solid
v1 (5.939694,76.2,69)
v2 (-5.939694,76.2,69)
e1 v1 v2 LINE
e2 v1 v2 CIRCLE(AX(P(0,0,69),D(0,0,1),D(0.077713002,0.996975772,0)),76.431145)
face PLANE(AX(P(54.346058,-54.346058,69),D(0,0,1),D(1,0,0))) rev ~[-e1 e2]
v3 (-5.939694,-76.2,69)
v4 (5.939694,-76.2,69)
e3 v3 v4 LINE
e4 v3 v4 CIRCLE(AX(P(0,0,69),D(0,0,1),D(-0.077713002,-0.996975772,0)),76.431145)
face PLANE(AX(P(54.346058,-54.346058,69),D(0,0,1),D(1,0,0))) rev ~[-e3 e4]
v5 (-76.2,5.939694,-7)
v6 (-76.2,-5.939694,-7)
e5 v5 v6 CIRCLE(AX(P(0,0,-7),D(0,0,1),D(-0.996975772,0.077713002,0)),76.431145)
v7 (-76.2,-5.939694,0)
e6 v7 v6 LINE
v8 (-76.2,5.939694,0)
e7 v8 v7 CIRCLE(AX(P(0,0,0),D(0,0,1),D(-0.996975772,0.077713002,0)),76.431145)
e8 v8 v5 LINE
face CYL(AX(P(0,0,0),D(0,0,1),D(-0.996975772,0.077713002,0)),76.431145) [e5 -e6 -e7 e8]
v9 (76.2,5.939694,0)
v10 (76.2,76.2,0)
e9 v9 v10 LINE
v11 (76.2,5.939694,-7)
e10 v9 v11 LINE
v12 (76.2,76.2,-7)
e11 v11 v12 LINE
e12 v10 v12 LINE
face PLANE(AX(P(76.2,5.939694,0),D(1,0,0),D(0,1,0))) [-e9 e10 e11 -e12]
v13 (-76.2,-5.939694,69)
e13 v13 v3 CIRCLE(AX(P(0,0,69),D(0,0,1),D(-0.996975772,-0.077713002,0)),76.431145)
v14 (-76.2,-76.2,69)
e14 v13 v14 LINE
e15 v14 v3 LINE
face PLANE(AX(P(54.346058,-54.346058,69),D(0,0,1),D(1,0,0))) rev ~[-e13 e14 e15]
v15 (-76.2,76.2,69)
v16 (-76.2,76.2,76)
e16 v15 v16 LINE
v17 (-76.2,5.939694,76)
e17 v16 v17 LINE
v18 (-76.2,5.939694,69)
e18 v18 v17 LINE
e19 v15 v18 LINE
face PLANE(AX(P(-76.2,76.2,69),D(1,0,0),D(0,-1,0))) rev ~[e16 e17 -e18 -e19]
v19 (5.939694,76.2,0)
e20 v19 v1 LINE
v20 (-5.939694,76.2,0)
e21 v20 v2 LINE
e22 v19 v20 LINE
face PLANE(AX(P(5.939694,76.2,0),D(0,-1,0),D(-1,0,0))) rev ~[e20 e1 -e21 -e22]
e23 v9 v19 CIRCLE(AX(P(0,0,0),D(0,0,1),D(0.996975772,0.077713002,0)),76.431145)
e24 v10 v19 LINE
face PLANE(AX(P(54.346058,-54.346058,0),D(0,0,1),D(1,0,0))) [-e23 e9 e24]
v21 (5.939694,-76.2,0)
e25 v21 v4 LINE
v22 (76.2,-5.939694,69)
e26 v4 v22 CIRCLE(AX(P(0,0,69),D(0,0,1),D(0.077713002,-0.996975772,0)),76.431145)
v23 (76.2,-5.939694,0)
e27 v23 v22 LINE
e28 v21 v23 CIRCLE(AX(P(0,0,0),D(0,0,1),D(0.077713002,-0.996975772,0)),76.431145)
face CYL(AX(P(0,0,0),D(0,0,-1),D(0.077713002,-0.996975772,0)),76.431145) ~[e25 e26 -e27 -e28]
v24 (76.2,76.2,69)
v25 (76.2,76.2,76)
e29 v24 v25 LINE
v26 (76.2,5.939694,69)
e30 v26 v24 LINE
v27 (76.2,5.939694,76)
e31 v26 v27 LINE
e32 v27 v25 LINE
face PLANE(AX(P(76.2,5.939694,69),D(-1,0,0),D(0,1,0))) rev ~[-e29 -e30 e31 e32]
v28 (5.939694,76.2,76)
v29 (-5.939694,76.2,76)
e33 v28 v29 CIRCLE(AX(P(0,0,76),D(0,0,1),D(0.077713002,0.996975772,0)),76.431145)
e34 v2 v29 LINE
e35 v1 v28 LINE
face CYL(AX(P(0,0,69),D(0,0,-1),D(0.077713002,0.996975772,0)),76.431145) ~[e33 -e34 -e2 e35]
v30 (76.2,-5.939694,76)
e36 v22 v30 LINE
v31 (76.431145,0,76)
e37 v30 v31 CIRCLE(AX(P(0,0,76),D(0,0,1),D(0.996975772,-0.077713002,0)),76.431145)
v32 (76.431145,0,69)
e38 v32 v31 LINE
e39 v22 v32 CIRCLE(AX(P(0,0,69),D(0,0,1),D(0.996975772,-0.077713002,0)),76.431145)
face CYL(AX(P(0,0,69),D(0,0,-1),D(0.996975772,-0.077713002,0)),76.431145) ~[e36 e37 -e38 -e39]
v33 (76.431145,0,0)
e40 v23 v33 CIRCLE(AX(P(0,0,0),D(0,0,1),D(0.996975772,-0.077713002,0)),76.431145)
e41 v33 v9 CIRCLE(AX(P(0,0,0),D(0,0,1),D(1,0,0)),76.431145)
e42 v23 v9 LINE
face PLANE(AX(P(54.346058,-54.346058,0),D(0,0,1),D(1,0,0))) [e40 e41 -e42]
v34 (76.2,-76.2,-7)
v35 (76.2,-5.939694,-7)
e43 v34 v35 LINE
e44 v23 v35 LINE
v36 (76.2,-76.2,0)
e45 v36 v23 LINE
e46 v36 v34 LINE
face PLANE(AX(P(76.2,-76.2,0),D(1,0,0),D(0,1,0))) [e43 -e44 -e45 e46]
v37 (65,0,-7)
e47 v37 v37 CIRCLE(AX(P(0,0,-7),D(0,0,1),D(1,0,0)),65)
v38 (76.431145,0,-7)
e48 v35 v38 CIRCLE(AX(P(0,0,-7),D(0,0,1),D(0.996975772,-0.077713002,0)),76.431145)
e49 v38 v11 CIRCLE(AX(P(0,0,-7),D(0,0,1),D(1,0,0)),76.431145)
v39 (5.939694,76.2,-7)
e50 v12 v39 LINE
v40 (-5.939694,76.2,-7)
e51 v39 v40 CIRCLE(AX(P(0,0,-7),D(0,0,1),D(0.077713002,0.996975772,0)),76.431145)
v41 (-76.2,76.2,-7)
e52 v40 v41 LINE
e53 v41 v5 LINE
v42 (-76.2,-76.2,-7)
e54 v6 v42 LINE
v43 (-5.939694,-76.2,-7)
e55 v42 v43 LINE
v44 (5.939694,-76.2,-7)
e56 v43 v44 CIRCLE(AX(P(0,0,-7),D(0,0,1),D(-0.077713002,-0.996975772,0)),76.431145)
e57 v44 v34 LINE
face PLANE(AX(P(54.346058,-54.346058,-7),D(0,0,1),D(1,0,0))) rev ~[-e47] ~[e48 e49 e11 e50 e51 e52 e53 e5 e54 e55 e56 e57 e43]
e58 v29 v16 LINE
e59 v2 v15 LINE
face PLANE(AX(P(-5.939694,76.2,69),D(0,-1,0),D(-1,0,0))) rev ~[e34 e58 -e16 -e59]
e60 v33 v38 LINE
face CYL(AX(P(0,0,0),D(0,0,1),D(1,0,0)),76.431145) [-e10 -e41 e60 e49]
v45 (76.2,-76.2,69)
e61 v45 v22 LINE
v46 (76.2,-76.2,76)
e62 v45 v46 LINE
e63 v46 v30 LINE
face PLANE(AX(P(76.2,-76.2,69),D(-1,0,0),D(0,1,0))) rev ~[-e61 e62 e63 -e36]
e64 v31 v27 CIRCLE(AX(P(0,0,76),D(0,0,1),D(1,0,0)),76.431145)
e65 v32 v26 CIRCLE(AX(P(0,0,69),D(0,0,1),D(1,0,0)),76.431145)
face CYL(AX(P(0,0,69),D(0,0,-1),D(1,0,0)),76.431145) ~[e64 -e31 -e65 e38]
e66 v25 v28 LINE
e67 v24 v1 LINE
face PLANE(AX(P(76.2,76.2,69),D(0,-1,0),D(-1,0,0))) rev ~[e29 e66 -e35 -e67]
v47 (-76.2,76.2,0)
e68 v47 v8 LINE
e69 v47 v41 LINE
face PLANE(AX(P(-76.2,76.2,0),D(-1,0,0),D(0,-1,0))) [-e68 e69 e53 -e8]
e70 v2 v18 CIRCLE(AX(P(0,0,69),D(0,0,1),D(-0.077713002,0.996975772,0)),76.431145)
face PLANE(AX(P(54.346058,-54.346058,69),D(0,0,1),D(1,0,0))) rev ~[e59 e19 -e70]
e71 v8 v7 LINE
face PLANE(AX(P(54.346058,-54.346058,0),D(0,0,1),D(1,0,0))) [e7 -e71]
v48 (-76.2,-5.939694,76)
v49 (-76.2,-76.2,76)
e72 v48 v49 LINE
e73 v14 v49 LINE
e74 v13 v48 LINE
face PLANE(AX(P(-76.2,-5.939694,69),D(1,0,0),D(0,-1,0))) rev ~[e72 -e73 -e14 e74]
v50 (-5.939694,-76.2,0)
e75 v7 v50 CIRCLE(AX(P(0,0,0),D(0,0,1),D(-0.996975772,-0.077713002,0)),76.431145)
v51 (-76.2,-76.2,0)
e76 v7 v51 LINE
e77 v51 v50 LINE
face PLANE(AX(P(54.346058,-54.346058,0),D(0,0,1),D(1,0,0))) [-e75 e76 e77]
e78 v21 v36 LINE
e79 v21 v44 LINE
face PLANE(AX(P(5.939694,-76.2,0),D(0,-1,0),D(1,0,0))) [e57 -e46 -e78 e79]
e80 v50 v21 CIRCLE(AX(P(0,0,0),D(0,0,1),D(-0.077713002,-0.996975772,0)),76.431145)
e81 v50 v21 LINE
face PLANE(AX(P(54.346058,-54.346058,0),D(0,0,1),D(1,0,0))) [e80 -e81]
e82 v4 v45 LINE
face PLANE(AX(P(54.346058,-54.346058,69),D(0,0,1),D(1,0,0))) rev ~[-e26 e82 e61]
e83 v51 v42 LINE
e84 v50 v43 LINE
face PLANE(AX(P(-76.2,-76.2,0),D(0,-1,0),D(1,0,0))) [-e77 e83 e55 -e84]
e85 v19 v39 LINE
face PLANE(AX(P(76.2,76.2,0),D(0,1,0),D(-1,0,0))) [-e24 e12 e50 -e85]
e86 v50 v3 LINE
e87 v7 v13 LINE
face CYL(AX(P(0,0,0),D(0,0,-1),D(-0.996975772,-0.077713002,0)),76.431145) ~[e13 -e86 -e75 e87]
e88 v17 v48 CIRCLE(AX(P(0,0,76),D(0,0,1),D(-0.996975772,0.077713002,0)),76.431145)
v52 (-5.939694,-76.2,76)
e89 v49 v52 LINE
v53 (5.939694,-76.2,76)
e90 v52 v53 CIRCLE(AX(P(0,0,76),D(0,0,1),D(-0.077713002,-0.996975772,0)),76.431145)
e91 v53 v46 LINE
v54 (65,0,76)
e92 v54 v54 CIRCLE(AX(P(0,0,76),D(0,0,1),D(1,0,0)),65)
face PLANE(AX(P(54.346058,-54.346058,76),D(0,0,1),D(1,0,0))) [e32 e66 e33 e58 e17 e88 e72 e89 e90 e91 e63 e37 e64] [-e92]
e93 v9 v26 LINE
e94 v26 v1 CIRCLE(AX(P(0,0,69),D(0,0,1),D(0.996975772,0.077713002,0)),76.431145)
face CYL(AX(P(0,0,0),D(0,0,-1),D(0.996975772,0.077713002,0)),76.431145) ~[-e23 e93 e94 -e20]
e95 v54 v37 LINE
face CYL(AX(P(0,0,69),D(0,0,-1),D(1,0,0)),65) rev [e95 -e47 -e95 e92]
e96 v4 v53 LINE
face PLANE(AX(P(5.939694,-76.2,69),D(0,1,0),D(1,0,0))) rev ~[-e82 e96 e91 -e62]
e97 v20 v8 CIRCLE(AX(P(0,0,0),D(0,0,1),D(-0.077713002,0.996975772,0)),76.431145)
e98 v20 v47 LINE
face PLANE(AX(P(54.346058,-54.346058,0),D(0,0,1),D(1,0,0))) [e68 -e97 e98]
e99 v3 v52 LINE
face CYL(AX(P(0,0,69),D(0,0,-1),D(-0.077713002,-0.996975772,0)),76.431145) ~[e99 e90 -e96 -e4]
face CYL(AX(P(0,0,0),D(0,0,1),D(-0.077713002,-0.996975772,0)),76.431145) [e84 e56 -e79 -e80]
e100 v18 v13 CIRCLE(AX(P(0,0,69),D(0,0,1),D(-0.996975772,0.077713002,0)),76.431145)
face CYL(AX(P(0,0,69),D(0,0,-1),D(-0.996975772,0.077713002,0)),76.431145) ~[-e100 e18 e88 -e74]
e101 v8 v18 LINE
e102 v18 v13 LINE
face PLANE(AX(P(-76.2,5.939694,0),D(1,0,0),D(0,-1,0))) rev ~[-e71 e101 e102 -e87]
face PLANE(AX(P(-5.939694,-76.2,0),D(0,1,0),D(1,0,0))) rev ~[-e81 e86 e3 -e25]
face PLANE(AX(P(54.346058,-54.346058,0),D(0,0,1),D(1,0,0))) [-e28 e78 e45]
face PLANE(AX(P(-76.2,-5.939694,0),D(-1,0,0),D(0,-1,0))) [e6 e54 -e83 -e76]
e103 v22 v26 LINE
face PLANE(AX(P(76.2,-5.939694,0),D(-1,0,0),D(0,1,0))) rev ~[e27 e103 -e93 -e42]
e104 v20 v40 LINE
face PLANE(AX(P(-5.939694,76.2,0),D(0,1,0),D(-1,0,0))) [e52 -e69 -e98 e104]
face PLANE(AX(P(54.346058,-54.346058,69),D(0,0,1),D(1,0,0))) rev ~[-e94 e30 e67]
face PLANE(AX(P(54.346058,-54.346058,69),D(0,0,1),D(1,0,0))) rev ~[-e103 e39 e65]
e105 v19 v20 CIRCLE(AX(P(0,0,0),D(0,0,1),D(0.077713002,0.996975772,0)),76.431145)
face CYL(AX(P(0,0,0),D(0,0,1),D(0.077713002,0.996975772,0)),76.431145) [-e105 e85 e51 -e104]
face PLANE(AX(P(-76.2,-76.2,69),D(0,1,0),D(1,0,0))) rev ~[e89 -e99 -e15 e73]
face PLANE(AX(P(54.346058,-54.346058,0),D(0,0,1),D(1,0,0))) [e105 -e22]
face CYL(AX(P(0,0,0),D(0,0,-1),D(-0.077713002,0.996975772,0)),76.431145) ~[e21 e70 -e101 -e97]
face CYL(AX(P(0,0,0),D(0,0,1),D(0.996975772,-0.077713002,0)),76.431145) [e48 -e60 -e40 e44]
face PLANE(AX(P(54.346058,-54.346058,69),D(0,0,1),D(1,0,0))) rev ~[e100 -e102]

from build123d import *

# Parameters (mm, degrees)
F0_R     = 65
F1_DEPTH = 69
F2_DEPTH = 7
F3_R     = 65
F4_DEPTH = 7


with BuildPart() as f1:
    # F0 (on Top) → F1 (new body)
    with BuildSketch(Plane.XY):
        with BuildLine():
            Line((-5.939693756, -76.2), (5.939693756, -76.2))
            ThreePointArc((5.939693756, -76.2), (54.0449810894, -54.0449810894), (76.2, -5.939693756))
            Line((76.2, -5.939693756), (76.2, 5.939693756))
            ThreePointArc((76.2, 5.939693756), (54.0449810894, 54.0449810894), (5.939693756, 76.2))
            Line((5.939693756, 76.2), (-5.939693756, 76.2))
            ThreePointArc((-5.939693756, 76.2), (-54.0449810894, 54.0449810894), (-76.2, 5.939693756))
            Line((-76.2, 5.939693756), (-76.2, -5.939693756))
            ThreePointArc((-76.2, -5.939693756), (-54.0449810894, -54.0449810894), (-5.939693756, -76.2))
        make_face()
        Circle(F0_R, mode=Mode.SUBTRACT)
    extrude(amount=F1_DEPTH)

    # F0 (on Top) → F2 (join)
    with BuildSketch(Plane.XY):
        with BuildLine():
            Line((5.939693756, -76.2), (76.2, -76.2))
            Line((76.2, -76.2), (76.2, -5.939693756))
            ThreePointArc((76.2, -5.939693756), (54.0449810894, -54.0449810894), (5.939693756, -76.2))
        make_face()
        with BuildLine():
            ThreePointArc((-5.939693756, -76.2), (0, -76.4311452349), (5.939693756, -76.2))
            Line((5.939693756, -76.2), (-5.939693756, -76.2))
        make_face()
        with BuildLine():
            Line((-5.939693756, -76.2), (5.939693756, -76.2))
            ThreePointArc((5.939693756, -76.2), (54.0449810894, -54.0449810894), (76.2, -5.939693756))
            Line((76.2, -5.939693756), (76.2, 5.939693756))
            ThreePointArc((76.2, 5.939693756), (54.0449810894, 54.0449810894), (5.939693756, 76.2))
            Line((5.939693756, 76.2), (-5.939693756, 76.2))
            ThreePointArc((-5.939693756, 76.2), (-54.0449810894, 54.0449810894), (-76.2, 5.939693756))
            Line((-76.2, 5.939693756), (-76.2, -5.939693756))
            ThreePointArc((-76.2, -5.939693756), (-54.0449810894, -54.0449810894), (-5.939693756, -76.2))
        make_face()
        Circle(F0_R, mode=Mode.SUBTRACT)
        with BuildLine():
            Line((76.2, 5.939693756), (76.2, -5.939693756))
            ThreePointArc((76.2, -5.939693756), (76.3733370648, -2.9720948014), (76.4311452349, 0))
            ThreePointArc((76.4311452349, 0), (76.3733370648, 2.9720948014), (76.2, 5.939693756))
        make_face()
        with BuildLine():
            Line((-76.2, -76.2), (-5.939693756, -76.2))
            ThreePointArc((-5.939693756, -76.2), (-54.0449810894, -54.0449810894), (-76.2, -5.939693756))
            Line((-76.2, -5.939693756), (-76.2, -76.2))
        make_face()
        with BuildLine():
            ThreePointArc((5.939693756, 76.2), (54.0449810894, 54.0449810894), (76.2, 5.939693756))
            Line((76.2, 5.939693756), (76.2, 76.2))
            Line((76.2, 76.2), (5.939693756, 76.2))
        make_face()
        with BuildLine():
            ThreePointArc((-76.2, 5.939693756), (-76.4311452349, 0), (-76.2, -5.939693756))
            Line((-76.2, -5.939693756), (-76.2, 5.939693756))
        make_face()
        with BuildLine():
            Line((-5.939693756, 76.2), (5.939693756, 76.2))
            ThreePointArc((5.939693756, 76.2), (0, 76.4311452349), (-5.939693756, 76.2))
        make_face()
        with BuildLine():
            Line((-76.2, 76.2), (-76.2, 5.939693756))
            ThreePointArc((-76.2, 5.939693756), (-54.0449810894, 54.0449810894), (-5.939693756, 76.2))
            Line((-5.939693756, 76.2), (-76.2, 76.2))
        make_face()
    extrude(amount=-F2_DEPTH)

    # F3 (on face) → F4 (join)
    with BuildSketch(Plane.XY.offset(69)):
        with BuildLine():
            Line((5.939693756, -76.2), (76.2, -76.2))
            Line((76.2, -76.2), (76.2, -5.939693756))
            ThreePointArc((76.2, -5.939693756), (54.0449810894, -54.0449810894), (5.939693756, -76.2))
        make_face()
        with BuildLine():
            ThreePointArc((-5.939693756, -76.2), (0, -76.4311452349), (5.939693756, -76.2))
            Line((5.939693756, -76.2), (-5.939693756, -76.2))
        make_face()
        with BuildLine():
            Line((-5.939693756, -76.2), (5.939693756, -76.2))
            ThreePointArc((5.939693756, -76.2), (54.0449810894, -54.0449810894), (76.2, -5.939693756))
            Line((76.2, -5.939693756), (76.2, 5.939693756))
            ThreePointArc((76.2, 5.939693756), (54.0449810894, 54.0449810894), (5.939693756, 76.2))
            Line((5.939693756, 76.2), (-5.939693756, 76.2))
            ThreePointArc((-5.939693756, 76.2), (-54.0449810894, 54.0449810894), (-76.2, 5.939693756))
            Line((-76.2, 5.939693756), (-76.2, -5.939693756))
            ThreePointArc((-76.2, -5.939693756), (-54.0449810894, -54.0449810894), (-5.939693756, -76.2))
        make_face()
        Circle(F3_R, mode=Mode.SUBTRACT)
        with BuildLine():
            Line((76.2, 5.939693756), (76.2, -5.939693756))
            ThreePointArc((76.2, -5.939693756), (76.3733370648, -2.9720948014), (76.4311452349, 0))
            ThreePointArc((76.4311452349, 0), (76.3733370648, 2.9720948014), (76.2, 5.939693756))
        make_face()
        with BuildLine():
            Line((-76.2, -76.2), (-5.939693756, -76.2))
            ThreePointArc((-5.939693756, -76.2), (-54.0449810894, -54.0449810894), (-76.2, -5.939693756))
            Line((-76.2, -5.939693756), (-76.2, -76.2))
        make_face()
        with BuildLine():
            ThreePointArc((5.939693756, 76.2), (54.0449810894, 54.0449810894), (76.2, 5.939693756))
            Line((76.2, 5.939693756), (76.2, 76.2))
            Line((76.2, 76.2), (5.939693756, 76.2))
        make_face()
        with BuildLine():
            ThreePointArc((-76.2, 5.939693756), (-76.4311452349, 0), (-76.2, -5.939693756))
            Line((-76.2, -5.939693756), (-76.2, 5.939693756))
        make_face()
        with BuildLine():
            Line((-5.939693756, 76.2), (5.939693756, 76.2))
            ThreePointArc((5.939693756, 76.2), (0, 76.4311452349), (-5.939693756, 76.2))
        make_face()
        with BuildLine():
            Line((-76.2, 76.2), (-76.2, 5.939693756))
            ThreePointArc((-76.2, 5.939693756), (-54.0449810894, 54.0449810894), (-5.939693756, 76.2))
            Line((-5.939693756, 76.2), (-76.2, 76.2))
        make_face()
    extrude(amount=F4_DEPTH)


solid = f1.part
